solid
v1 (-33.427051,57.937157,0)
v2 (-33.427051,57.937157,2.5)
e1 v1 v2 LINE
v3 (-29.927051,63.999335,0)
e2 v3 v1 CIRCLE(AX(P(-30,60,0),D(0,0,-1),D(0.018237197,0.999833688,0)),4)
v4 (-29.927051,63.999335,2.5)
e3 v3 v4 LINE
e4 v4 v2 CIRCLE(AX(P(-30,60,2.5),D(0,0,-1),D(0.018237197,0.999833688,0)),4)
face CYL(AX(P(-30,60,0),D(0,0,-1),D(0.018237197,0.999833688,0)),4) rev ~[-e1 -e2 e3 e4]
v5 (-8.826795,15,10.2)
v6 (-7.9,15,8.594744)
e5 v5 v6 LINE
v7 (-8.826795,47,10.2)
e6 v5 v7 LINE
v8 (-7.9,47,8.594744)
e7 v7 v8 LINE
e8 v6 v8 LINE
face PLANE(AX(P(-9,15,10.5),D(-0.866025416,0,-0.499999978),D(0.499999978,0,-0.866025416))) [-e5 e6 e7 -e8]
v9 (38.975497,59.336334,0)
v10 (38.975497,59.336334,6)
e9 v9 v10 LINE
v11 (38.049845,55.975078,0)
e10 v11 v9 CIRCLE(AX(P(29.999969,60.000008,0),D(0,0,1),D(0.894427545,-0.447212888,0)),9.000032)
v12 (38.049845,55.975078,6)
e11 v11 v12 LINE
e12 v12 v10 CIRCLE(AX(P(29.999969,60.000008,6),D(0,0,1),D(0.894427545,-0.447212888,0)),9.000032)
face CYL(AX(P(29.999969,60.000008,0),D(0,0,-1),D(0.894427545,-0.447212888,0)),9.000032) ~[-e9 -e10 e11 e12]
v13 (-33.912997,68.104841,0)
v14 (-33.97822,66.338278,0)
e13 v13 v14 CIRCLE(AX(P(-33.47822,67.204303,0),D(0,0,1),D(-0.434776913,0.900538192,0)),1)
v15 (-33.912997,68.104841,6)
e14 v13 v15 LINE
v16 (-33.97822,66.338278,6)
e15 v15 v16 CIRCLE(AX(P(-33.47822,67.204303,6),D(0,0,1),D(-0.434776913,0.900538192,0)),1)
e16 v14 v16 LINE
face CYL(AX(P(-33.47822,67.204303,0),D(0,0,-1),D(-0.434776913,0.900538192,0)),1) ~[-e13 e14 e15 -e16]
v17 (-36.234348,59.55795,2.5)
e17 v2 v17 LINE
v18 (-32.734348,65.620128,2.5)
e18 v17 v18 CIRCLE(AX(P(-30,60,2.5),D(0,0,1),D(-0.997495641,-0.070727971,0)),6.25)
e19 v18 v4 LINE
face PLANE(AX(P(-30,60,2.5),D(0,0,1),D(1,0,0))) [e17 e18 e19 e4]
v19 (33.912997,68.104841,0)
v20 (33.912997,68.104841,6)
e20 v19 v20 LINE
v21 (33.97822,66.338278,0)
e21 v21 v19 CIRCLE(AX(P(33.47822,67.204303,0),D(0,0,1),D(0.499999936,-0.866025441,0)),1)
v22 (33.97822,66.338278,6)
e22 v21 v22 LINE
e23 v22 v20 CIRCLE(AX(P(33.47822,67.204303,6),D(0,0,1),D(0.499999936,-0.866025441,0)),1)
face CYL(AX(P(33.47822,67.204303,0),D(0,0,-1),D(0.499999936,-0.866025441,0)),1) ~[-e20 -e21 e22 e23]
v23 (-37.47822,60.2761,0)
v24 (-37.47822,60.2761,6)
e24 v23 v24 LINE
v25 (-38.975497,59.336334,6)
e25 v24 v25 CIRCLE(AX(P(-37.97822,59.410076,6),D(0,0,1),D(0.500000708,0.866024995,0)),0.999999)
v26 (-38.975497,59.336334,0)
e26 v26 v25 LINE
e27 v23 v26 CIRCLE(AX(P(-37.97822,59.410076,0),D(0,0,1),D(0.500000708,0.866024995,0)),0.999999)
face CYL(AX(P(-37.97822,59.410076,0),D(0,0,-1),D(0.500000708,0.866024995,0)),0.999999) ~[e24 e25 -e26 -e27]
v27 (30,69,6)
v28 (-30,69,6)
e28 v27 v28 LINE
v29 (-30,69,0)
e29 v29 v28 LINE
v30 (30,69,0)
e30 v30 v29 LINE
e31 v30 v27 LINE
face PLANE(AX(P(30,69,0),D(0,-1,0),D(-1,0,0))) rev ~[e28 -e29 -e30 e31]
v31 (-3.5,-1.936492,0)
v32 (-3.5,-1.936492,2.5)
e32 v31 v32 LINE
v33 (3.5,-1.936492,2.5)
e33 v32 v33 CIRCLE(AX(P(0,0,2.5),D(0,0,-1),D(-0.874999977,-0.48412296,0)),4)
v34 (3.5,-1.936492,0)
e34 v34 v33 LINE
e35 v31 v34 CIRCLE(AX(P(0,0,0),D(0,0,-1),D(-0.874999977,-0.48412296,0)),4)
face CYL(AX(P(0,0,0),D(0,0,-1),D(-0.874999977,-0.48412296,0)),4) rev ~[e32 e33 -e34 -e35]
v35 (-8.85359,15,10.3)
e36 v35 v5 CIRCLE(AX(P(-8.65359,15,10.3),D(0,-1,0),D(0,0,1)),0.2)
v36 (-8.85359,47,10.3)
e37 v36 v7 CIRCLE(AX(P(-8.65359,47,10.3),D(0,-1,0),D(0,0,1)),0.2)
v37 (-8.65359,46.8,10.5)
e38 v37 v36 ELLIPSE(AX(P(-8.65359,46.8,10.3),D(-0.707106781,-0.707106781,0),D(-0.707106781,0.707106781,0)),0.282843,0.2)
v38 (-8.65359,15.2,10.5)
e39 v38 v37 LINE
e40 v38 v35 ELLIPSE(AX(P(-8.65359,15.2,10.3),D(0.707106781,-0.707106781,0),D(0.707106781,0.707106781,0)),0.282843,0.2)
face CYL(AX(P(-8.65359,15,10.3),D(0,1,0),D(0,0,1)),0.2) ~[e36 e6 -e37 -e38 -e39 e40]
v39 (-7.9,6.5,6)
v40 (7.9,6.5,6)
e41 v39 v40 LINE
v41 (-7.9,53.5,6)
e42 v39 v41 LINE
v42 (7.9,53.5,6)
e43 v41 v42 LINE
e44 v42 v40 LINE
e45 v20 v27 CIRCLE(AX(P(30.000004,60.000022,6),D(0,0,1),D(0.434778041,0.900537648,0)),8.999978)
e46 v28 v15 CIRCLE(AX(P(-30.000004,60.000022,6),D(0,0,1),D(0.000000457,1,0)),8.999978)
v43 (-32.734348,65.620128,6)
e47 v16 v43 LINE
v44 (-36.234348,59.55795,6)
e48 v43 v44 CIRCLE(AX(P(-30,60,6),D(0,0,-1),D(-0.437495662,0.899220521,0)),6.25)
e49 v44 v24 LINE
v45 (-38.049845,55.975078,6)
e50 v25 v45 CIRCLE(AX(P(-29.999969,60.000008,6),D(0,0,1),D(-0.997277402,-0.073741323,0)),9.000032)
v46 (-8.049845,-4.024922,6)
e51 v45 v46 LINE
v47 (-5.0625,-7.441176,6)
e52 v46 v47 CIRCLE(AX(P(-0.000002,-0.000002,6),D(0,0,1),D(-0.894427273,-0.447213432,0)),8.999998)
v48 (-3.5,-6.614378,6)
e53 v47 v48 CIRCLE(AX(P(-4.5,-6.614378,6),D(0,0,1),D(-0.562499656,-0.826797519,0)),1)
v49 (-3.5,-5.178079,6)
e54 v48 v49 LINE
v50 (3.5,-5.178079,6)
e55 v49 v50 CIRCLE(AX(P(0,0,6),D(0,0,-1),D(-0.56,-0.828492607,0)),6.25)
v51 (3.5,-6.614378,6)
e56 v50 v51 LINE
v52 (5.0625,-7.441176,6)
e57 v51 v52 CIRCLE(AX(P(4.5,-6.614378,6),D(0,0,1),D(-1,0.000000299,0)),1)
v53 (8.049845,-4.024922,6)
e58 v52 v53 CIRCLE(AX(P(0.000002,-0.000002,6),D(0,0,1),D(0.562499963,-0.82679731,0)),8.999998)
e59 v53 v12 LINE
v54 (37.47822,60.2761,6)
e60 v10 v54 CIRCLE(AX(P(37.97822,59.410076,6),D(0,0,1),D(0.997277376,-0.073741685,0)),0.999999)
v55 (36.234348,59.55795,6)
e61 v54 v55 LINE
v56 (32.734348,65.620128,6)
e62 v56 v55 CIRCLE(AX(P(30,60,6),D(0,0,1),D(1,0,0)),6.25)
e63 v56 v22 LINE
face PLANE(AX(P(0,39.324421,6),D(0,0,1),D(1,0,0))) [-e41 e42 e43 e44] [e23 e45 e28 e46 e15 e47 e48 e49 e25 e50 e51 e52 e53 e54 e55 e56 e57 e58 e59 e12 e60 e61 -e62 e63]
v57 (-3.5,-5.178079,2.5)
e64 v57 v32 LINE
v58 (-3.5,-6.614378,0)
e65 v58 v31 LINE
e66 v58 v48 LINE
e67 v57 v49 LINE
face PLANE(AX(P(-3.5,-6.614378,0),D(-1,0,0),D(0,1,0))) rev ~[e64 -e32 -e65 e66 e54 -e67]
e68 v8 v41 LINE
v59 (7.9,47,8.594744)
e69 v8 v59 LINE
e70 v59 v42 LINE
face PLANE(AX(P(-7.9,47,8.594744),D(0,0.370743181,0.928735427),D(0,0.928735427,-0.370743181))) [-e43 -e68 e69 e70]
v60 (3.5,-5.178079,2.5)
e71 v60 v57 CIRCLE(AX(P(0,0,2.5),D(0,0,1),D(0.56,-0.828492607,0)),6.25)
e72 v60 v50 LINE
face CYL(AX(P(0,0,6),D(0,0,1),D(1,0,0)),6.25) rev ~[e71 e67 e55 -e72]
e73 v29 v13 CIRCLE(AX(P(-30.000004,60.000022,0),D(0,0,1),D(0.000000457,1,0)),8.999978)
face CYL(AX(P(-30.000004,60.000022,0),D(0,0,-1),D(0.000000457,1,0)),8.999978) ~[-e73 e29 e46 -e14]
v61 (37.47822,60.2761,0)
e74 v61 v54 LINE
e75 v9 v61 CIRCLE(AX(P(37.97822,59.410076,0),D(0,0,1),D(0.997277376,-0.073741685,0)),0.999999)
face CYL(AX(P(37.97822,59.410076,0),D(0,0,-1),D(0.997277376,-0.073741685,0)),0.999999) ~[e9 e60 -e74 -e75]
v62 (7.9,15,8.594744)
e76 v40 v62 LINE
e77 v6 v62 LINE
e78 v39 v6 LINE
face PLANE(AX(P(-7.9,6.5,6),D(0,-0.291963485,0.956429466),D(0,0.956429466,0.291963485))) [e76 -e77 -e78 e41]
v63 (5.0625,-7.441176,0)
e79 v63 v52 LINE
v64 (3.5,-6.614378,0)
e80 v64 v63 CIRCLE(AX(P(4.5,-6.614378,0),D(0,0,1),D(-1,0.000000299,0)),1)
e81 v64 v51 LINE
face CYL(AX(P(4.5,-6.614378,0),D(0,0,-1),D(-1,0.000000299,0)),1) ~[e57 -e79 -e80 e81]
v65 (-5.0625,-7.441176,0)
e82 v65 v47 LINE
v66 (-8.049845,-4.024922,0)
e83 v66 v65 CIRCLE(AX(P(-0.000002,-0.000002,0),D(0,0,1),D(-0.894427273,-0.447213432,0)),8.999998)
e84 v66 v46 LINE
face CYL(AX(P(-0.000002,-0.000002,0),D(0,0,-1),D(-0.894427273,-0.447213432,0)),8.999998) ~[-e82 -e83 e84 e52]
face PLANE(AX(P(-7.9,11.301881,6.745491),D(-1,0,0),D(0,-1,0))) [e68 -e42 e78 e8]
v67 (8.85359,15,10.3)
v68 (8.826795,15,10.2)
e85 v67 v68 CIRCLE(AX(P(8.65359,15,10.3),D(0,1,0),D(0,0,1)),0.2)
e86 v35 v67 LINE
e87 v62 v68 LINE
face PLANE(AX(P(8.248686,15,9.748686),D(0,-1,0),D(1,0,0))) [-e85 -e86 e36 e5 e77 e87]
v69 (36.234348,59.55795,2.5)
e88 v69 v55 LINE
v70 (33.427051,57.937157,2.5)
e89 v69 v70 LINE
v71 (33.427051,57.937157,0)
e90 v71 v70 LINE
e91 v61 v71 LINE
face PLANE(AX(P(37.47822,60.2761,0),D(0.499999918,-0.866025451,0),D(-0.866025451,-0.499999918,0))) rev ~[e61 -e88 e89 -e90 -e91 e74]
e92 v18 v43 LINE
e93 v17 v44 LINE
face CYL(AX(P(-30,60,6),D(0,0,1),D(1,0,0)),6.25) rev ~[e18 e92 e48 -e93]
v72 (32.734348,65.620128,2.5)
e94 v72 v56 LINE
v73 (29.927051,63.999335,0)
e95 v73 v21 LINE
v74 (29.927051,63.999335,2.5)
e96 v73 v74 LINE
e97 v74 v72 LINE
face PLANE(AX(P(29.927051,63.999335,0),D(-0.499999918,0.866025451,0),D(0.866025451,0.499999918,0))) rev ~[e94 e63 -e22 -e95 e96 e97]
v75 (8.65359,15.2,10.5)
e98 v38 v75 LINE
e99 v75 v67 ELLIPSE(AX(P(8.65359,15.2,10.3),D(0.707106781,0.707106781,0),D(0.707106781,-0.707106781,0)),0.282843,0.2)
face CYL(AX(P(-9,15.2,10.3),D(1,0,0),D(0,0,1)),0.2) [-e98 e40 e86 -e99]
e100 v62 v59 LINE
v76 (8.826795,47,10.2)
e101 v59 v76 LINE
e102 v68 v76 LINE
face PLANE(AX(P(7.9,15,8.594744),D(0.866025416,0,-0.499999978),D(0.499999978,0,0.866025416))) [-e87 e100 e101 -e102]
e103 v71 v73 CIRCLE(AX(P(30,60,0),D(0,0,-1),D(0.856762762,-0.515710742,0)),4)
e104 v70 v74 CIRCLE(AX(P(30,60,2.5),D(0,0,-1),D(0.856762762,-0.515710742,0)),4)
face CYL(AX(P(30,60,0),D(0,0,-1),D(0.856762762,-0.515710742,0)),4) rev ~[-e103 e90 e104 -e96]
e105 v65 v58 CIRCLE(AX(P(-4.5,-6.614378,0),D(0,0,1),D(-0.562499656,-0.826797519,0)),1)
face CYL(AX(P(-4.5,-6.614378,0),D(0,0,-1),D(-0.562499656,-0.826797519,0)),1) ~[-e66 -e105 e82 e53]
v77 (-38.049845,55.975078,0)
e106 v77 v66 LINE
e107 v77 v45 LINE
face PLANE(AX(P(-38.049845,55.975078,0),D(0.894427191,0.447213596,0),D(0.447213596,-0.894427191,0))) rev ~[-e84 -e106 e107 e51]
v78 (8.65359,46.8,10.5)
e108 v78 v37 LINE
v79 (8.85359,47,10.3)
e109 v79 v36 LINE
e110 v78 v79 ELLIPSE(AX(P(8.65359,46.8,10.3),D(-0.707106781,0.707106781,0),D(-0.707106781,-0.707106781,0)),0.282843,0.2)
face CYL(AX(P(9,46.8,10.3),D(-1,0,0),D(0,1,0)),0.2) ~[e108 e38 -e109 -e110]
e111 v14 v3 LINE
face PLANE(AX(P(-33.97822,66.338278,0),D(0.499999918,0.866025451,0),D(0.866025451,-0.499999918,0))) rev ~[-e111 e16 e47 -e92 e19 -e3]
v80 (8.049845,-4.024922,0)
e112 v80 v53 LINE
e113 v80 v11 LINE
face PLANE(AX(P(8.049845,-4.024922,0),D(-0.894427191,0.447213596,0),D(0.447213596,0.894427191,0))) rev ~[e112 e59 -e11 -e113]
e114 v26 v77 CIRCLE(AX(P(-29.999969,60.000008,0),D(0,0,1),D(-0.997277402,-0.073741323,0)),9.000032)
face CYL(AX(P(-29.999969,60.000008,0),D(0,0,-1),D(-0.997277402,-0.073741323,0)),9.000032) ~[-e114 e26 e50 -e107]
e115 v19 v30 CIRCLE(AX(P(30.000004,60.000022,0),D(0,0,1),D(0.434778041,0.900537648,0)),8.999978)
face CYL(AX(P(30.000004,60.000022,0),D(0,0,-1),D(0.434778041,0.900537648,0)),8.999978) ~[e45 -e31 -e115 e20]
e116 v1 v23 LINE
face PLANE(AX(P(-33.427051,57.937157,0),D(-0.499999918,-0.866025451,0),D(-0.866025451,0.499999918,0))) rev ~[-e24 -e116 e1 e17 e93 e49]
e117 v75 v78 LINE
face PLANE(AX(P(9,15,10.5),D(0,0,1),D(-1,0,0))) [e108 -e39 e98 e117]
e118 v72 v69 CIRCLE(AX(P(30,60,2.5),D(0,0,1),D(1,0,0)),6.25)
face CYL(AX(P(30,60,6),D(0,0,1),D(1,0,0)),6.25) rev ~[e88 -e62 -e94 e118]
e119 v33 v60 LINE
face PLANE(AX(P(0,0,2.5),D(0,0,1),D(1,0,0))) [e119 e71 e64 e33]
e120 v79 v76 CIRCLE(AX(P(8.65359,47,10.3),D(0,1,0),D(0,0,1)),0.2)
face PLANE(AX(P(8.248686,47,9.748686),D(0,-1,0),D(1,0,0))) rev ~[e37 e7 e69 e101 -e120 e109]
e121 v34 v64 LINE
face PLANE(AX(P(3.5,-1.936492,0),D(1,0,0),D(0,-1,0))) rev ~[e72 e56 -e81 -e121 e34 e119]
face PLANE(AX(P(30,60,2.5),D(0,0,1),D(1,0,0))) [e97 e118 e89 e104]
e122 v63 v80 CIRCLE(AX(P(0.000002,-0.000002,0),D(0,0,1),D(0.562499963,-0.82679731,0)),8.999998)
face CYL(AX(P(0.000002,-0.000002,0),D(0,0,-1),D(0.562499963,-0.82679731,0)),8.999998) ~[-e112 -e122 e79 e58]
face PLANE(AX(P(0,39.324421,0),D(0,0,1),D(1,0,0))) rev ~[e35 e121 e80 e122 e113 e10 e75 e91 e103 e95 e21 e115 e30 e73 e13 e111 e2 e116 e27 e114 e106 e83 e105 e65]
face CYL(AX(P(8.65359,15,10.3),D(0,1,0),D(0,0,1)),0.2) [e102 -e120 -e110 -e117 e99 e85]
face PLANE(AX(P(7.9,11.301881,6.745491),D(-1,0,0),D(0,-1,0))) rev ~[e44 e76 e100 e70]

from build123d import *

# Parameters (mm, degrees)
F1_DEPTH = 6
F2_R     = 6.25
F3_DEPTH = 3.5
F4_W     = 15.8
F4_H     = 32
F5_DEPTH = 4.5
F7_DEPTH = 32
F9_DEPTH = 15.8
F10_R    = 0.2


with BuildPart() as f1:
    # F0 (on Top) → F1 (new body)
    with BuildSketch(Plane.XY):
        with BuildLine():
            ThreePointArc((-29.927051, 63.999335), (-26.535898, 58), (-33.427051, 57.937157))
            Line((-33.427051, 57.937157), (-37.47822, 60.2761))
            ThreePointArc((-37.47822, 60.2761), (-38.509832, 60.257063), (-38.975497, 59.336334))
            ThreePointArc((-38.975497, 59.336334), (-38.676985, 57.610456), (-38.049845, 55.975078))
            Line((-38.049845, 55.975078), (-8.049845, -4.024922))
            ThreePointArc((-8.049845, -4.024922), (-6.775035, -5.924433), (-5.0625, -7.441176))
            ThreePointArc((-5.0625, -7.441176), (-4.032293, -7.498262), (-3.5, -6.614378))
            Line((-3.5, -6.614378), (-3.5, -1.936492))
            ThreePointArc((-3.5, -1.936492), (0, 4), (3.5, -1.936492))
            Line((3.5, -1.936492), (3.5, -6.614378))
            ThreePointArc((3.5, -6.614378), (4.032293, -7.498262), (5.0625, -7.441176))
            ThreePointArc((5.0625, -7.441176), (6.775035, -5.924433), (8.049845, -4.024922))
            Line((8.049845, -4.024922), (38.049845, 55.975078))
            ThreePointArc((38.049845, 55.975078), (38.676985, 57.610456), (38.975497, 59.336334))
            ThreePointArc((38.975497, 59.336334), (38.509832, 60.257063), (37.47822, 60.2761))
            Line((37.47822, 60.2761), (33.427051, 57.937157))
            ThreePointArc((33.427051, 57.937157), (26.535898, 58), (29.927051, 63.999335))
            Line((29.927051, 63.999335), (33.97822, 66.338278))
            ThreePointArc((33.97822, 66.338278), (34.477539, 67.241199), (33.912997, 68.104841))
            ThreePointArc((33.912997, 68.104841), (32.007041, 68.773357), (30, 69))
            Line((30, 69), (-30, 69))
            ThreePointArc((-30, 69), (-32.007041, 68.773357), (-33.912997, 68.104841))
            ThreePointArc((-33.912997, 68.104841), (-34.477539, 67.241199), (-33.97822, 66.338278))
            Line((-33.97822, 66.338278), (-29.927051, 63.999335))
        make_face()
    extrude(amount=F1_DEPTH)

    # F2 (on face) → F3 (cut)
    with BuildSketch(Plane.XY.offset(6)):
        with Locations((-30, 60)):
            Circle(F2_R)
        Circle(F2_R)
        with Locations((30, 60)):
            Circle(F2_R)
    extrude(amount=-F3_DEPTH, mode=Mode.SUBTRACT)

    # F4 (on face) → F5 (join)
    with BuildSketch(Plane.XY.offset(6)):
        with Locations((0, 31)):
            Rectangle(F4_W, F4_H)
    extrude(amount=F5_DEPTH)

    # F6 (on face) → F7 (join)
    with BuildSketch(Plane.XZ.offset(-15)):
        Polygon((9, 10.5), (7.9, 10.5), (7.9, 8.594744), align=None)
        Polygon((-7.9, 8.594744), (-7.9, 10.5), (-9, 10.5), align=None)
    extrude(amount=-F7_DEPTH)

    # F8 (on face) → F9 (join)
    with BuildSketch(Plane(origin=(-7.9, 0, 0), x_dir=(0, -1, 0), z_dir=(-1, 0, 0))):
        Polygon((-6.5, 6), (-15, 8.594744), (-15, 6), align=None)
        Polygon((-47, 6), (-47, 8.594744), (-53.5, 6), align=None)
    extrude(amount=-F9_DEPTH)

    # F10
    f10_edges = [f1.edges().sort_by_distance(p)[0] for p in [
        (-9, 31, 10.5),
        (9, 31, 10.5),
        (0, 15, 10.5),
        (0, 47, 10.5),
    ]]
    fillet(f10_edges, radius=F10_R)


solid = f1.part
